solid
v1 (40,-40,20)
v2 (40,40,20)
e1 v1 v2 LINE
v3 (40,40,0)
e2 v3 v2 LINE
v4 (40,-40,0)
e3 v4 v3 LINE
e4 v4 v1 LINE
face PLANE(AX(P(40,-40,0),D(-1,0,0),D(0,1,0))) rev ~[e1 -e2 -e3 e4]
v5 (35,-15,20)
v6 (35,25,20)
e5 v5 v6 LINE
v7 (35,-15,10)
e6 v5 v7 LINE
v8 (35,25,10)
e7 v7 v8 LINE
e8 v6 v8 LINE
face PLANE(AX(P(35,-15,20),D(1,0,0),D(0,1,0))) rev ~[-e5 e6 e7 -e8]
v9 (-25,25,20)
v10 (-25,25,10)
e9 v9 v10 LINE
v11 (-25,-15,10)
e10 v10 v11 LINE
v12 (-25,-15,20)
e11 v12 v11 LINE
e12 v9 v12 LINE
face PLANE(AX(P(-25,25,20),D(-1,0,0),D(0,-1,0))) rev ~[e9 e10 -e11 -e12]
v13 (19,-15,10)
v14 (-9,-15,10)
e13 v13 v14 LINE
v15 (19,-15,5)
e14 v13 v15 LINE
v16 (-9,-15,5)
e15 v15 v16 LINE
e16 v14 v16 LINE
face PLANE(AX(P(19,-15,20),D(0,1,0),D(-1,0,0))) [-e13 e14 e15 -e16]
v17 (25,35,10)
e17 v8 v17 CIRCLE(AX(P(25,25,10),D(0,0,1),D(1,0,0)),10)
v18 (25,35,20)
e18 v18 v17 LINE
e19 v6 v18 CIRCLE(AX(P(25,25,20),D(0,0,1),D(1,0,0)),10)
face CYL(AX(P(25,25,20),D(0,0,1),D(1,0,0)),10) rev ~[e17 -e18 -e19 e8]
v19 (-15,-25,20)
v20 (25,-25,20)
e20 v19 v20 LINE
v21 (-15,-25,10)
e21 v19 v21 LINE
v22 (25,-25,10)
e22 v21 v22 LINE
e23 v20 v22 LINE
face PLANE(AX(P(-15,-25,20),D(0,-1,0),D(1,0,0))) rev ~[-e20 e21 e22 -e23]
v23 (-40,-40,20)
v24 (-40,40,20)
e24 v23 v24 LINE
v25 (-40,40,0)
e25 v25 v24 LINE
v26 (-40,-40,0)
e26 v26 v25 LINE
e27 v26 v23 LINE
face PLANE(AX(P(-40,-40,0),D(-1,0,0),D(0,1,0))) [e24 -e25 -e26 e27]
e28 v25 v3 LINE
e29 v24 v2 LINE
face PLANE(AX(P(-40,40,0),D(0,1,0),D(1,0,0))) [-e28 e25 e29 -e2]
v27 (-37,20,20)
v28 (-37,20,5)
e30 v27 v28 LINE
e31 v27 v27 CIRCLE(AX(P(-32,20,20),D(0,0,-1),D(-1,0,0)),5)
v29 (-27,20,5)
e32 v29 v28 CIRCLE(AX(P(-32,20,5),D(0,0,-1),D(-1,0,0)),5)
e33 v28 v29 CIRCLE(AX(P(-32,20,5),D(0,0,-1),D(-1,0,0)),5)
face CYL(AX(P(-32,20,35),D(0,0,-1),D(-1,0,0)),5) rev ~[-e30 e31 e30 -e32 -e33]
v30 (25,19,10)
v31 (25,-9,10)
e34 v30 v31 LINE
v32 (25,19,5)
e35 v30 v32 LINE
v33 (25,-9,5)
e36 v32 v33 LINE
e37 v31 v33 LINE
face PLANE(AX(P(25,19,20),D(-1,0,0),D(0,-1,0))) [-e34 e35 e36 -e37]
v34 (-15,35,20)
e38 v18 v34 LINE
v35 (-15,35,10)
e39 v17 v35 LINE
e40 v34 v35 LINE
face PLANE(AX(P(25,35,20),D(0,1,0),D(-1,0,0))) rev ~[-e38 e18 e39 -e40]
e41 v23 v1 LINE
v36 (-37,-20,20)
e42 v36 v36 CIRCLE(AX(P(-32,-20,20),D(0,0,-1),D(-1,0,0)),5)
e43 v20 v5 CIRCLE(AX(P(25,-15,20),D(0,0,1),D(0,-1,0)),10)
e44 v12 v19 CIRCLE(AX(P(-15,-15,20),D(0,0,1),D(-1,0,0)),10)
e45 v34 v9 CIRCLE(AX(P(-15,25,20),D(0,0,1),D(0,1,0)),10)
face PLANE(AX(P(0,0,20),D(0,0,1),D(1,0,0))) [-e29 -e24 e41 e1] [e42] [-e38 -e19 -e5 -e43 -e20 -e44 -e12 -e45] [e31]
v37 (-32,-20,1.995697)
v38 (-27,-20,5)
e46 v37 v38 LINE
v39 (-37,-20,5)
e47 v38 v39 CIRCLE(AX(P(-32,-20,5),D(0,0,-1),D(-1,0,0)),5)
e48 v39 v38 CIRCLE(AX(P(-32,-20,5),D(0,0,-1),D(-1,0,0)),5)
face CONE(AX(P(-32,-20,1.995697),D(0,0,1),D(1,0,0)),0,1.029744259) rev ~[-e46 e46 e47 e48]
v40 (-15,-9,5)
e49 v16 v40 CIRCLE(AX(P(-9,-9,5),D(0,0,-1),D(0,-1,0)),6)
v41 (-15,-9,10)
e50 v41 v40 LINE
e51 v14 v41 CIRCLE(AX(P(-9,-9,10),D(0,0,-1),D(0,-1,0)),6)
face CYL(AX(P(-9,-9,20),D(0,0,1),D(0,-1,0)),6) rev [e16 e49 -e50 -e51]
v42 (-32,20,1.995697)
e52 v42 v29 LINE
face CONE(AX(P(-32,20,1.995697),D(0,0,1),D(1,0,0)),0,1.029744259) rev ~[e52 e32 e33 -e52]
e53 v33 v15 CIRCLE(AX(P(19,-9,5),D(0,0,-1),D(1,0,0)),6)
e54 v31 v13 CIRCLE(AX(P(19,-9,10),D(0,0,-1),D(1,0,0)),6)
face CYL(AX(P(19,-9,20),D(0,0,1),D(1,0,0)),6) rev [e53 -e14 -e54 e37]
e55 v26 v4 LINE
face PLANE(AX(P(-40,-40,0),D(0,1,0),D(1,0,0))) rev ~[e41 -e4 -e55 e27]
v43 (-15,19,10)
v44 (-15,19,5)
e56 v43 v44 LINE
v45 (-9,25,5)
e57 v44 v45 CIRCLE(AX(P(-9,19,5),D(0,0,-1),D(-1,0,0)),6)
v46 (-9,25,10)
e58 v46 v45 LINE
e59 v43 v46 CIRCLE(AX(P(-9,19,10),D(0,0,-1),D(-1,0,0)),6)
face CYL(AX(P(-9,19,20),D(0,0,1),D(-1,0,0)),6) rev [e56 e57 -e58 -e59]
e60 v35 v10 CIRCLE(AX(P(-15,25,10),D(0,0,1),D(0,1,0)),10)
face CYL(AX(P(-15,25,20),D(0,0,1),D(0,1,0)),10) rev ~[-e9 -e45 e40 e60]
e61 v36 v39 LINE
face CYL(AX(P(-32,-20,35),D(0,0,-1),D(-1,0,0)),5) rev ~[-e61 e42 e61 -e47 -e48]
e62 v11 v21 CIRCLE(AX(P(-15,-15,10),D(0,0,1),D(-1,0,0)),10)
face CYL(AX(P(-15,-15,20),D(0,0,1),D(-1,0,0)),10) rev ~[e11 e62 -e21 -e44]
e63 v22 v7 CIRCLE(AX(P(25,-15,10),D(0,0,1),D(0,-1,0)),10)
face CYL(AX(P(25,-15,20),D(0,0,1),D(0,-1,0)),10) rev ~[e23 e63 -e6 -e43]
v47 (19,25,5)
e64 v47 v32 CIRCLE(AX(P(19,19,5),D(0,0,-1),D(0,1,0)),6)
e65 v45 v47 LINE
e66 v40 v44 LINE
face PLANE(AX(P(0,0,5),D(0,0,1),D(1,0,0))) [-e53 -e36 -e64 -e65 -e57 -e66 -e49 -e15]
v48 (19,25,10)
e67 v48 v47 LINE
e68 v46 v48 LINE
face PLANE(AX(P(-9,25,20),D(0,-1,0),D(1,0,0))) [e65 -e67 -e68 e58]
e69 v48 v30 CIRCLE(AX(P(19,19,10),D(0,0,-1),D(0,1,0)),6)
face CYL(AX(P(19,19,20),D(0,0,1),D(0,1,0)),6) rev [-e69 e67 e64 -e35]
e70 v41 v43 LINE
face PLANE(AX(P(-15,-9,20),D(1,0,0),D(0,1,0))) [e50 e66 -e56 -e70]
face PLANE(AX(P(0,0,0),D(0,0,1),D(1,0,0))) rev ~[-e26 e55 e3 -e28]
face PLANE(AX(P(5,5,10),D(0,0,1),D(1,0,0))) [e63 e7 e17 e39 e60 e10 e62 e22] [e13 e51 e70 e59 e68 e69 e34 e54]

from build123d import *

# Parameters (mm, degrees)
F0_W     = 80
F0_H     = 80
F1_DEPTH = 20
F3_D     = 10
F3_DEPTH = 15
F3_TIP   = 3.0043030951
F5_DEPTH = 10
F6_DEPTH = 15


with BuildPart() as f1:
    # F0 (on Top) → F1 (new body)
    with BuildSketch(Plane.XY):
        Rectangle(F0_W, F0_H)
    extrude(amount=F1_DEPTH)

    # F3
    with Locations(Plane.XY.offset(20)):
        with Locations((-32, 20), (-32, -20)):
            Hole(F3_D / 2, depth=F3_DEPTH)
            with Locations((0, 0, -(F3_DEPTH + F3_TIP / 2))):  # 118° drill point
                Cone(0, F3_D / 2, F3_TIP, mode=Mode.SUBTRACT)

    # F4 (on face) → F5 (cut)
    with BuildSketch(Plane.XY.offset(20)):
        with BuildLine():
            Line((25, 35), (-15, 35))
            ThreePointArc((-15, 35), (-22.0710678119, 32.0710678119), (-25, 25))
            Line((-25, 25), (-25, -15))
            ThreePointArc((-25, -15), (-22.0710678119, -22.0710678119), (-15, -25))
            Line((-15, -25), (25, -25))
            ThreePointArc((25, -25), (32.0710678119, -22.0710678119), (35, -15))
            Line((35, -15), (35, 25))
            ThreePointArc((35, 25), (32.0710678119, 32.0710678119), (25, 35))
        make_face()
        with BuildLine():
            ThreePointArc((-15, 19), (-13.2426406871, 23.2426406871), (-9, 25))
            Line((-9, 25), (19, 25))
            ThreePointArc((19, 25), (23.2426406871, 23.2426406871), (25, 19))
            Line((25, 19), (25, -9))
            ThreePointArc((25, -9), (23.2426406871, -13.2426406871), (19, -15))
            Line((19, -15), (-9, -15))
            ThreePointArc((-9, -15), (-13.2426406871, -13.2426406871), (-15, -9))
            Line((-15, -9), (-15, 19))
        make_face(mode=Mode.SUBTRACT)
    extrude(amount=-F5_DEPTH, mode=Mode.SUBTRACT)

    # F6 (cut): a face of the model
    f6_faces = [f1.faces().sort_by_distance(p)[0] for p in [
        (5, 5, 20),
    ]]
    extrude(f6_faces, amount=-F6_DEPTH, mode=Mode.SUBTRACT)


solid = f1.part
